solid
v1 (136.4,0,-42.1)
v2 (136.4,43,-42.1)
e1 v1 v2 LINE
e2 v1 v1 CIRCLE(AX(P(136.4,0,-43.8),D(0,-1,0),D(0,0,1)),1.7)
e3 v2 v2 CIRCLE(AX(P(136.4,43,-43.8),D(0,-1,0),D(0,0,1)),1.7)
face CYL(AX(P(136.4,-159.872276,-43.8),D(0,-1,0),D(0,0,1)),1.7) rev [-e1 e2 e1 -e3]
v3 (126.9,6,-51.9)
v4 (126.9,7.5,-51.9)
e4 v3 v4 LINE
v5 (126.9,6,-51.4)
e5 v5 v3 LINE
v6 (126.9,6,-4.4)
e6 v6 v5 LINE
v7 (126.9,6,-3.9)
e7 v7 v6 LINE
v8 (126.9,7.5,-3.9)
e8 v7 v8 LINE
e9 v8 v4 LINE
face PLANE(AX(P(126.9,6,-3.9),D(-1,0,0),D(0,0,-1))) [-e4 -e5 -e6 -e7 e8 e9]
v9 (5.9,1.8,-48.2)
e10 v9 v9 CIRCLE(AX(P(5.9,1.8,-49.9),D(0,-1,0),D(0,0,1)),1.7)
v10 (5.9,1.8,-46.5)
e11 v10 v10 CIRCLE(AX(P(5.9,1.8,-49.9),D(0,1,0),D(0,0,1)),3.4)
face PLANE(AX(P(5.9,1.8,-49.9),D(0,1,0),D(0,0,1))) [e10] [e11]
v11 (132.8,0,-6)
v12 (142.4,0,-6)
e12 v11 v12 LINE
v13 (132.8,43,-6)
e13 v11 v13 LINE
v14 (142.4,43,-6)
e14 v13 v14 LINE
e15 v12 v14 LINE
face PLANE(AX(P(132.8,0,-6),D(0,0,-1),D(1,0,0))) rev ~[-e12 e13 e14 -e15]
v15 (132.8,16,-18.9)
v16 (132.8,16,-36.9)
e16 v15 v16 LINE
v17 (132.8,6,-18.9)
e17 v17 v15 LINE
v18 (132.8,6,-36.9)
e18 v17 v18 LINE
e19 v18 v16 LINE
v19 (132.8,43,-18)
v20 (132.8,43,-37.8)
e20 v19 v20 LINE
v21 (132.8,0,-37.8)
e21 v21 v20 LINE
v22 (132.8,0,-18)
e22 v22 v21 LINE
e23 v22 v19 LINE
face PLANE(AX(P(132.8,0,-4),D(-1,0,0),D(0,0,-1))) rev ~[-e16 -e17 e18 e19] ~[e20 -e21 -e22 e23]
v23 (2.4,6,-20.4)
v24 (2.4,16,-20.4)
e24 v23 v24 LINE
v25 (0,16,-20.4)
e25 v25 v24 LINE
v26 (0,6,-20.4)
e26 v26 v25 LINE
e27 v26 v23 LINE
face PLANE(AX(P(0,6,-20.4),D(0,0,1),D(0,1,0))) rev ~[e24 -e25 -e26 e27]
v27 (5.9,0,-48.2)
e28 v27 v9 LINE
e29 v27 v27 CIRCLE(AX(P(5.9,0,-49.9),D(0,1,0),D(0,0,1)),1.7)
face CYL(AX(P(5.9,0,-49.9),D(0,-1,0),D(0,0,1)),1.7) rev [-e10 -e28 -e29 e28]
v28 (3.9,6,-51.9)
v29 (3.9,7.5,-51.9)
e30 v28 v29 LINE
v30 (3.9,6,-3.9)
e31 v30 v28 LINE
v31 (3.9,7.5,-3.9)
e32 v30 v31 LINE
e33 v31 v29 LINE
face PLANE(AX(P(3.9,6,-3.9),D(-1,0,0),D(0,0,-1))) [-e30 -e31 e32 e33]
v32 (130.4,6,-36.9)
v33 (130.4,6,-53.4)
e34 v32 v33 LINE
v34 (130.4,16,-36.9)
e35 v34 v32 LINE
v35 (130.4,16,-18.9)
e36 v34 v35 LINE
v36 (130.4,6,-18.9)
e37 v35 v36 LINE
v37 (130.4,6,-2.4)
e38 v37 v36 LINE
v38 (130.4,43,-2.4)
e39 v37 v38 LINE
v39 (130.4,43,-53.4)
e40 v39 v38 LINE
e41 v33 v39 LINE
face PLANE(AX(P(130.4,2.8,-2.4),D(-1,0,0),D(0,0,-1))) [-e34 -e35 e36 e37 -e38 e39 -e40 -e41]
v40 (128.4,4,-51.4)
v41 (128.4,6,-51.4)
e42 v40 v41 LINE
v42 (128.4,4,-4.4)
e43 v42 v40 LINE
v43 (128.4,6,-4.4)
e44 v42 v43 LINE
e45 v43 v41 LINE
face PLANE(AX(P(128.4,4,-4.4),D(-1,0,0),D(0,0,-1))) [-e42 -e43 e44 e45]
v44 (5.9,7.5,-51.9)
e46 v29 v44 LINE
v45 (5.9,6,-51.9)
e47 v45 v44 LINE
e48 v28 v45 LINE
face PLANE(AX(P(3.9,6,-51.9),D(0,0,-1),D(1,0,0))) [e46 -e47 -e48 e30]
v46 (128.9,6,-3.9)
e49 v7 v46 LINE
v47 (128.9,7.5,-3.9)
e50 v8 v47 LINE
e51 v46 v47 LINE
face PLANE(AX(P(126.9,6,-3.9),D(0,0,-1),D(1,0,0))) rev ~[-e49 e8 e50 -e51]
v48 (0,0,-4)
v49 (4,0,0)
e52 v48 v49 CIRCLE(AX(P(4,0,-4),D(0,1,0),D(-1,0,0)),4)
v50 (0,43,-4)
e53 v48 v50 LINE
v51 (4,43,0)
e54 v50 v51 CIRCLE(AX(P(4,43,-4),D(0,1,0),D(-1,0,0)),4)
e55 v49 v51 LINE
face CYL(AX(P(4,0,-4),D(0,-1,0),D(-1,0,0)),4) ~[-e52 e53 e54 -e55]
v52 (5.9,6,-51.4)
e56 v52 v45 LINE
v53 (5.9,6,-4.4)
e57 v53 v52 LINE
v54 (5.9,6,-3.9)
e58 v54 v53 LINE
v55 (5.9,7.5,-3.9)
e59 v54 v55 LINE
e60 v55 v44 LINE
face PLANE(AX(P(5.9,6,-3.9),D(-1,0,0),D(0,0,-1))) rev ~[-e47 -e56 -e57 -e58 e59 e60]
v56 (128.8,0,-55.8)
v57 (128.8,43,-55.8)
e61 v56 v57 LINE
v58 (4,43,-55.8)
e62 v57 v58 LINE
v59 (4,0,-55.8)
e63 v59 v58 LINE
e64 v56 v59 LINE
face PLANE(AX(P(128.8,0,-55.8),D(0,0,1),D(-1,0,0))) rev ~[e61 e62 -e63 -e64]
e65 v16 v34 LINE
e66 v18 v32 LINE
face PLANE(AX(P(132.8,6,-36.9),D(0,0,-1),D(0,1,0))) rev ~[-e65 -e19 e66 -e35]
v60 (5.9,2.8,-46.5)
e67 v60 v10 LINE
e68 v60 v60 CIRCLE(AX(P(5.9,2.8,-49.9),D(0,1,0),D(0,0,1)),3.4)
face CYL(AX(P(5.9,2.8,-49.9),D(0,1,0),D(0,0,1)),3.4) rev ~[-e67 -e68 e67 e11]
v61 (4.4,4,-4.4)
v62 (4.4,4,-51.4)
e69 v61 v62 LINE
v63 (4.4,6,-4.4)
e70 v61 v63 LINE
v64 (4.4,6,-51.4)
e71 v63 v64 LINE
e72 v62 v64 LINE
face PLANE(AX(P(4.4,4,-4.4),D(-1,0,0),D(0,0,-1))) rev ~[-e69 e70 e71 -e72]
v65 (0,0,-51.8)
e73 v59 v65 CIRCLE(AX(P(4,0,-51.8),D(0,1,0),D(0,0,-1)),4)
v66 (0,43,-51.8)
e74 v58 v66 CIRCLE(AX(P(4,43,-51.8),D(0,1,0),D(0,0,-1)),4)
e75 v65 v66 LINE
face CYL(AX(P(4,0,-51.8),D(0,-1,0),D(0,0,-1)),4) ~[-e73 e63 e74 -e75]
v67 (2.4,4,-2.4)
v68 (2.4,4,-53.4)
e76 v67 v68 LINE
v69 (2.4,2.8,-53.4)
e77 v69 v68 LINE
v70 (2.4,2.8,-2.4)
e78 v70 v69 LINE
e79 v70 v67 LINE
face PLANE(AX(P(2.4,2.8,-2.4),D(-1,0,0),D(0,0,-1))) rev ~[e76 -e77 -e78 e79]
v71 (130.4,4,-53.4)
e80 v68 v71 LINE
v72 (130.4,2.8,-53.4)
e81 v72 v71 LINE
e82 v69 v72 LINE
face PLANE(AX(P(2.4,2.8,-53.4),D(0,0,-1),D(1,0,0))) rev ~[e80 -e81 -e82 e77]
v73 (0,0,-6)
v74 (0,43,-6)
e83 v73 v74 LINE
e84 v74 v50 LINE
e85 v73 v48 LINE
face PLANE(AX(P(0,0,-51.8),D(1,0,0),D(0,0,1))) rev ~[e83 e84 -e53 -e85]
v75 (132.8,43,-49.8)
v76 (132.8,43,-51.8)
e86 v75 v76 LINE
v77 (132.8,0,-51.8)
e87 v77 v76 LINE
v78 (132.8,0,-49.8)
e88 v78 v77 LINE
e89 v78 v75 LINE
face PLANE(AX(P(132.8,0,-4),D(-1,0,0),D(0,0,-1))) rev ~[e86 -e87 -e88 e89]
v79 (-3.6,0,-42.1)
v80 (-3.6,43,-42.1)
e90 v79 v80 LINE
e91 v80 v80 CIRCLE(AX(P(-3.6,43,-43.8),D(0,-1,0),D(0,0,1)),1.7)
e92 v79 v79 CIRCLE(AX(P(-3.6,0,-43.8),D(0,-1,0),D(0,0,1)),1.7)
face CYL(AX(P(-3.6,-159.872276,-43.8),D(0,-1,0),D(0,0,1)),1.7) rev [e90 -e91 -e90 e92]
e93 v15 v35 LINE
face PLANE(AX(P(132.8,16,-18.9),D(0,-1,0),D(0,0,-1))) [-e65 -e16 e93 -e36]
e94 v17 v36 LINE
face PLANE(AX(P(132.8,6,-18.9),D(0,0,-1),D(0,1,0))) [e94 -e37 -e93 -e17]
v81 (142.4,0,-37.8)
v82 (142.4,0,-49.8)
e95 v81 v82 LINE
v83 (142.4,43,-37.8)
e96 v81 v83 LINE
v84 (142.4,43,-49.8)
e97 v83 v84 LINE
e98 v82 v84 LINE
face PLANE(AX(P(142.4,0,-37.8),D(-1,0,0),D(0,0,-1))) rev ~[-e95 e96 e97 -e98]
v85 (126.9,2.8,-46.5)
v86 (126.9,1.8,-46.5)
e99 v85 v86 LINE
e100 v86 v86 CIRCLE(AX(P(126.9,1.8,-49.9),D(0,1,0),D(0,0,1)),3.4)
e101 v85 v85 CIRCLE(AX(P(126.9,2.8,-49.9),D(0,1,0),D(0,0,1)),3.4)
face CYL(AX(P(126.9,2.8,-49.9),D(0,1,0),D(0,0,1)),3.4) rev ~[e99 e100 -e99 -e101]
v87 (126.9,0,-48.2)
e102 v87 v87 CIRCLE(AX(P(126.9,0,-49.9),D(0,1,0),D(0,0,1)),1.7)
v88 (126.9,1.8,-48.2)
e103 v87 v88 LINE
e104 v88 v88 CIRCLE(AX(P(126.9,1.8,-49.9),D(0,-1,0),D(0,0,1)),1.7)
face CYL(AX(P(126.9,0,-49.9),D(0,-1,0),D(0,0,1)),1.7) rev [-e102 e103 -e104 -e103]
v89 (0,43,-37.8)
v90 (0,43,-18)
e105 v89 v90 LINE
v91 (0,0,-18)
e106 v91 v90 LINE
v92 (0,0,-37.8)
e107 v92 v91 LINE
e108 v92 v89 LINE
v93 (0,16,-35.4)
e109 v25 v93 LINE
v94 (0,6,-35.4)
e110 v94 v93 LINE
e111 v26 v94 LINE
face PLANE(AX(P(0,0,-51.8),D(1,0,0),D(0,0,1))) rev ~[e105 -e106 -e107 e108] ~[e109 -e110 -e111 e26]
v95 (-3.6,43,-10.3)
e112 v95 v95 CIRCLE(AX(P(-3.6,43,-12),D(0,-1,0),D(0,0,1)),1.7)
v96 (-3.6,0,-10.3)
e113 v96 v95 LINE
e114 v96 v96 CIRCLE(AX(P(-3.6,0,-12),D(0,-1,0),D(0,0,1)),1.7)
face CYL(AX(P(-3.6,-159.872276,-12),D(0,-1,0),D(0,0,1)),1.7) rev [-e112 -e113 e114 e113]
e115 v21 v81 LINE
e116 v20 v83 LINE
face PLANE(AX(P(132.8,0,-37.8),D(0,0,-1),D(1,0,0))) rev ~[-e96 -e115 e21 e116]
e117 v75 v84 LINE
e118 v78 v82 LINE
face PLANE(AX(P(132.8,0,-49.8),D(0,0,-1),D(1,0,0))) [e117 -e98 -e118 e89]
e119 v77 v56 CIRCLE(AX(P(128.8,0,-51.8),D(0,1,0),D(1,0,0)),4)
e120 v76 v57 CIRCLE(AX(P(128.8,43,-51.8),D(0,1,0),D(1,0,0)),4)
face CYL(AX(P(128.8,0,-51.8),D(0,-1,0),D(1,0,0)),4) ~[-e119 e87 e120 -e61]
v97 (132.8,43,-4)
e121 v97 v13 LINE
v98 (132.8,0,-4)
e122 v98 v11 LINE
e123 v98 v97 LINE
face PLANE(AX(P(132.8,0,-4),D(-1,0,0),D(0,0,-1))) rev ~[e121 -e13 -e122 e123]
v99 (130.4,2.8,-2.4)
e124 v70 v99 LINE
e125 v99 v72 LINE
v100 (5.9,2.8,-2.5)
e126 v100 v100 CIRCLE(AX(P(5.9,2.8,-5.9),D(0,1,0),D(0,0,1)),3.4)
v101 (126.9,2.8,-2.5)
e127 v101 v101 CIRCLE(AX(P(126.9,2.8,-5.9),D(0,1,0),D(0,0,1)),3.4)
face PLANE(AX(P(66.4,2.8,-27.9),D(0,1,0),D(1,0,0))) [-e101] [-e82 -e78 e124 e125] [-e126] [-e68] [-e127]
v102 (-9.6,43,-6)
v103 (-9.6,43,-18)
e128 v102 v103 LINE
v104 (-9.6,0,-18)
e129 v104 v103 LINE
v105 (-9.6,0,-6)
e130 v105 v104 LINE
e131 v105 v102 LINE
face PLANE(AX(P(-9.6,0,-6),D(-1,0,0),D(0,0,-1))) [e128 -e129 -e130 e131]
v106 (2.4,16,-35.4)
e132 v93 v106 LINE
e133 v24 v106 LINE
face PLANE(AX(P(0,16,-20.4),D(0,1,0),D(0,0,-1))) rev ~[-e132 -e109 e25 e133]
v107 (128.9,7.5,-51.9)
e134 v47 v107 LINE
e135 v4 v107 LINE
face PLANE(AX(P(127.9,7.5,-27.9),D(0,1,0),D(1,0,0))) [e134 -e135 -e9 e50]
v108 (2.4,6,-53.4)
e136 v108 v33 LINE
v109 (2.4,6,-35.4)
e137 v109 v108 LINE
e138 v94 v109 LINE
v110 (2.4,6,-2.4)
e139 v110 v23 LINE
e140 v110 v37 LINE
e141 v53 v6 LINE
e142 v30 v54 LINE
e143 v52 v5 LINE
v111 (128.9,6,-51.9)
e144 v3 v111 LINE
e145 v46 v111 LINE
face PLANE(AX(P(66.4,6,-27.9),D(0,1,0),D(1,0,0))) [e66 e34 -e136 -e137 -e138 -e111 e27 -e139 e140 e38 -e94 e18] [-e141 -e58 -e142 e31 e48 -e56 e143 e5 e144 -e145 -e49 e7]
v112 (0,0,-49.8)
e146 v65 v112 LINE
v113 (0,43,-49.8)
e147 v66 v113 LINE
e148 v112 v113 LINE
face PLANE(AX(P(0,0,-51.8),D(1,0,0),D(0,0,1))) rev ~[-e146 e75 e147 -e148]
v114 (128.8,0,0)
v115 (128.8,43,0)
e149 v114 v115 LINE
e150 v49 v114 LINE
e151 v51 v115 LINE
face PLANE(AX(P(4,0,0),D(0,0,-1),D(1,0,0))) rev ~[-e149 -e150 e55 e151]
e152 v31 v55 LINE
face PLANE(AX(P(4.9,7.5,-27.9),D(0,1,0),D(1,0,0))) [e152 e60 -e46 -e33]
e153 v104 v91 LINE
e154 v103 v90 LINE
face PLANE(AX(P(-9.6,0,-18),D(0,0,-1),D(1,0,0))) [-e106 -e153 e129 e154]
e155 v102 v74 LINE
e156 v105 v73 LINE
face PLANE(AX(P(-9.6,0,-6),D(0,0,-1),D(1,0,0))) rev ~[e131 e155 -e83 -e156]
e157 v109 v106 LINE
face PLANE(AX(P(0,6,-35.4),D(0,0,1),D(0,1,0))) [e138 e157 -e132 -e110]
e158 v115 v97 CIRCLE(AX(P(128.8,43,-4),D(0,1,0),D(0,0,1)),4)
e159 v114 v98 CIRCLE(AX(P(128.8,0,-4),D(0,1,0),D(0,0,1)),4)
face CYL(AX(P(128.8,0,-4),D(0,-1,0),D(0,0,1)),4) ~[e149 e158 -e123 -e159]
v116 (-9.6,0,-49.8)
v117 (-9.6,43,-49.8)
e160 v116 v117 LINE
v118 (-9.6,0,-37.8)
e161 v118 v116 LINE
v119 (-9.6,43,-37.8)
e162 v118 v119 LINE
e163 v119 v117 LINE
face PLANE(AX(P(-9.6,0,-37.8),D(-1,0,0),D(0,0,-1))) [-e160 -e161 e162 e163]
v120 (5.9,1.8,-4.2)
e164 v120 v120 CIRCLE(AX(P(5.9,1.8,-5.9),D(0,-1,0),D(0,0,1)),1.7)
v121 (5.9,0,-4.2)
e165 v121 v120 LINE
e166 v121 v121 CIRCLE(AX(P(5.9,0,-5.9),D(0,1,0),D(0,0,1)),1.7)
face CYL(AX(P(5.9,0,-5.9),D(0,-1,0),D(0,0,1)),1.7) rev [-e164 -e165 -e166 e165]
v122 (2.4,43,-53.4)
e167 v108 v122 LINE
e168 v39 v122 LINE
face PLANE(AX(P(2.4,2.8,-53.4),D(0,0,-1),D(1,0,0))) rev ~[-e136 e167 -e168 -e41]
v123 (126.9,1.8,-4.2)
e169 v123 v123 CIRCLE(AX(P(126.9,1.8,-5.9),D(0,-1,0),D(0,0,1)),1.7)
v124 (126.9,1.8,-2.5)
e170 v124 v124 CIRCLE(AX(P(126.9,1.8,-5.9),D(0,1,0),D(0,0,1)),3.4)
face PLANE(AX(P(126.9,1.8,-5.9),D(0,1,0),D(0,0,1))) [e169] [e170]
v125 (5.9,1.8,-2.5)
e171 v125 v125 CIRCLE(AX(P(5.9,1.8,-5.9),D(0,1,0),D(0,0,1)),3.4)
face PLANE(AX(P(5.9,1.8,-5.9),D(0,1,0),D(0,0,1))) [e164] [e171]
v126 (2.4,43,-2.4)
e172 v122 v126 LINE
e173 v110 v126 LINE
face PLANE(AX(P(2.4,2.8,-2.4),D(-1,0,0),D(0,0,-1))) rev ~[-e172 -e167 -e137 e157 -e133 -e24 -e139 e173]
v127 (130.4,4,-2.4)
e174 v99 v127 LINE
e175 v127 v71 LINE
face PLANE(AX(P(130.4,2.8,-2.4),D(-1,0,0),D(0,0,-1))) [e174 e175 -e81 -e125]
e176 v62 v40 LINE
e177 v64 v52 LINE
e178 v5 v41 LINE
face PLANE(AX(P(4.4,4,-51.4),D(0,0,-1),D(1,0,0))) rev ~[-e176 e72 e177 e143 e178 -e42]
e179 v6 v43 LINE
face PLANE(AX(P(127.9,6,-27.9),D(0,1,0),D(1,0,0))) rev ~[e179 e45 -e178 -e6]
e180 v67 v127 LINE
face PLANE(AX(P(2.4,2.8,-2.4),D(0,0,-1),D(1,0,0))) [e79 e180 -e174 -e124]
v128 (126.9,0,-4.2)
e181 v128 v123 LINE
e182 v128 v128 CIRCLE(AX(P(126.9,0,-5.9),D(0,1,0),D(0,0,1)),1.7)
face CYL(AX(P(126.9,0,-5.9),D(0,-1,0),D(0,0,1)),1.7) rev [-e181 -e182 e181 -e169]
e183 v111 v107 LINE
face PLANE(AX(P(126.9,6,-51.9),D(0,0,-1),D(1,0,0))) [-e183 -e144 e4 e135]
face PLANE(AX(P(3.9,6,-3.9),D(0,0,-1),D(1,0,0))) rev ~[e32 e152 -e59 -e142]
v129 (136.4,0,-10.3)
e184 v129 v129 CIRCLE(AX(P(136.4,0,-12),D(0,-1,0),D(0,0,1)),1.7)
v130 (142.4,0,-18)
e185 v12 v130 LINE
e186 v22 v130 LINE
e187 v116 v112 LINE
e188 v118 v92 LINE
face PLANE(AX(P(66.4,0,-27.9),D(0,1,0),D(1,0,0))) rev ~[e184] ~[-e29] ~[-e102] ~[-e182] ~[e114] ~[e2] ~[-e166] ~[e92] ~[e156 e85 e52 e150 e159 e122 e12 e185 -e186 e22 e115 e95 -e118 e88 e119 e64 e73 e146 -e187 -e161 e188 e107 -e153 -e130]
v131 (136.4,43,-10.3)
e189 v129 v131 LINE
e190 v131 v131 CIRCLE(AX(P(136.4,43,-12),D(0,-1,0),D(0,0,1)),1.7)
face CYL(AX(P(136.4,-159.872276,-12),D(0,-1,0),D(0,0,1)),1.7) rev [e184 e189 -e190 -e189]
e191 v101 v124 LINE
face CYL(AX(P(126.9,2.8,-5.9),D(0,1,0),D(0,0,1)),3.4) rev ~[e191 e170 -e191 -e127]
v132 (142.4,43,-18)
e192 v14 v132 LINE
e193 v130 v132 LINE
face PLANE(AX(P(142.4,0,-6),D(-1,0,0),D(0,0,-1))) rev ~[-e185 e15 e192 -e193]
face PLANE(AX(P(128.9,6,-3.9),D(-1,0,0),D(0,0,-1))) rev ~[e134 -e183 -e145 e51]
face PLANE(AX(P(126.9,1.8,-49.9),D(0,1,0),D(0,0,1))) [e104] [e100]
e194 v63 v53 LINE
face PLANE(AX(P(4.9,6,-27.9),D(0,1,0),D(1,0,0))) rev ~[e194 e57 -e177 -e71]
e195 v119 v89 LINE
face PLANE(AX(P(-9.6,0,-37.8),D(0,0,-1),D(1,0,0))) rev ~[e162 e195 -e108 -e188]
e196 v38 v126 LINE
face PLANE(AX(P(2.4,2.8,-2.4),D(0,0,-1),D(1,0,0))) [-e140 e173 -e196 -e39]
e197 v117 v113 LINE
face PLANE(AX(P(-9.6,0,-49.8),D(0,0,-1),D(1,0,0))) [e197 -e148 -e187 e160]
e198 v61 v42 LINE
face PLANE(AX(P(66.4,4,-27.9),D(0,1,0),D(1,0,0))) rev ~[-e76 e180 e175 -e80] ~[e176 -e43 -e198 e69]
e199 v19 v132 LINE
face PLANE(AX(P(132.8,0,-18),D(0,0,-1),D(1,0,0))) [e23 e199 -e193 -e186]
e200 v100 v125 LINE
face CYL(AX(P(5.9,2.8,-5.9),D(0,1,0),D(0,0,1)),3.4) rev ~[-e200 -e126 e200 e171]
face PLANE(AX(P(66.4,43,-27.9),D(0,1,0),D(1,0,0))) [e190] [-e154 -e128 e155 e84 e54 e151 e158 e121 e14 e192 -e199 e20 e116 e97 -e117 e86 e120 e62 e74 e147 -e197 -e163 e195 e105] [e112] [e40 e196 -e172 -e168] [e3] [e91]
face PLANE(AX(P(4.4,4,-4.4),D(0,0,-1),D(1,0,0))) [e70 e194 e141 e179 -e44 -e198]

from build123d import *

# Parameters (mm, degrees)
SHELL_DEPTH                       = 43
SK_TABS_W                         = 9.6
SK_TABS_H                         = 12
MOUNTING_TABS_DEPTH               = 43
SK_CAVITY_W                       = 128
SK_CAVITY_H                       = 51
CAVITY_DEPTH                      = 159.137408604
SK_LIP_W                          = 128
SK_LIP_H                          = 51
SK_LIP_W_2                        = 124
SK_LIP_H_2                        = 47
BOARD_LIP_DEPTH                   = 2
SK_RAILS_W                        = 2
SK_RAILS_H                        = 48
BOARD_RAILS_DEPTH                 = 1.5
SK_SLOTA_W                        = 15
SK_SLOTA_H                        = 10
CABLE_SLOT_15X10_DEPTH            = 3
SK_SLOTB_W                        = 18
SK_SLOTB_H                        = 10
CABLE_SLOT_18X10_DEPTH            = 3
TAB_M3_CLEARANCE_HOLES_DEPTH      = 159.872275744
TAB_M3_CLEARANCE_HOLES_DEPTH_BACK = 159.872275744
SK_TABHOLES_R                     = 1.7
SK_FLOORHOLES_R                   = 1.7
FLOOR_M3_CLEARANCE_HOLES_DEPTH    = 2.8
SK_CBORE_R                        = 3.4
FLOOR_COUNTERBORES_DEPTH          = 1


with BuildPart() as part:
    # Sk_Shell → Shell (new body)
    with BuildSketch(Plane(origin=(0, 0, 0), x_dir=(1, 0, 0), z_dir=(0, 1, 0))):
        with BuildLine():
            Line((4, 0), (128.8, 0))
            ThreePointArc((128.8, 0), (131.628427125, 1.171572875), (132.8, 4))
            Line((132.8, 4), (132.8, 51.8))
            ThreePointArc((132.8, 51.8), (131.628427125, 54.628427125), (128.8, 55.8))
            Line((128.8, 55.8), (4, 55.8))
            ThreePointArc((4, 55.8), (1.171572875, 54.628427125), (0, 51.8))
            Line((0, 51.8), (0, 4))
            ThreePointArc((0, 4), (1.171572875, 1.171572875), (4, 0))
        make_face()
    extrude(amount=SHELL_DEPTH)

    # Sk_Tabs → Mounting Tabs (add)
    with BuildSketch(Plane(origin=(0, 0, 0), x_dir=(1, 0, 0), z_dir=(0, 1, 0))):
        with Locations((-4.8, 12)):
            Rectangle(SK_TABS_W, SK_TABS_H)
        with Locations((137.6, 12)):
            Rectangle(SK_TABS_W, SK_TABS_H)
        with Locations((-4.8, 43.8)):
            Rectangle(SK_TABS_W, SK_TABS_H)
        with Locations((137.6, 43.8)):
            Rectangle(SK_TABS_W, SK_TABS_H)
    extrude(amount=MOUNTING_TABS_DEPTH)

    # Sk_Cavity → Cavity (cut, through all)
    with BuildSketch(Plane(origin=(0, 2.8, 0), x_dir=(1, 0, 0), z_dir=(0, 1, 0))):
        with Locations((66.4, 27.9)):
            Rectangle(SK_CAVITY_W, SK_CAVITY_H)
    extrude(amount=CAVITY_DEPTH, mode=Mode.SUBTRACT)

    # Sk_Lip → Board Lip (add)
    with BuildSketch(Plane(origin=(0, 4, 0), x_dir=(1, 0, 0), z_dir=(0, 1, 0))):
        with Locations((66.4, 27.9)):
            Rectangle(SK_LIP_W, SK_LIP_H)
        with Locations((66.4, 27.9)):
            Rectangle(SK_LIP_W_2, SK_LIP_H_2, mode=Mode.SUBTRACT)
    extrude(amount=BOARD_LIP_DEPTH)

    # Sk_Rails → Board Rails (add)
    with BuildSketch(Plane(origin=(0, 6, 0), x_dir=(1, 0, 0), z_dir=(0, 1, 0))):
        with Locations((4.9, 27.9)):
            Rectangle(SK_RAILS_W, SK_RAILS_H)
        with Locations((127.9, 27.9)):
            Rectangle(SK_RAILS_W, SK_RAILS_H)
    extrude(amount=BOARD_RAILS_DEPTH)

    # Sk_SlotA → Cable Slot 15x10 (cut)
    with BuildSketch(Plane(origin=(0, 0, 0), x_dir=(0, 0, -1), z_dir=(1, 0, 0))):
        with Locations((27.9, 11)):
            Rectangle(SK_SLOTA_W, SK_SLOTA_H)
    extrude(amount=CABLE_SLOT_15X10_DEPTH, mode=Mode.SUBTRACT)

    # Sk_SlotB → Cable Slot 18x10 (cut)
    with BuildSketch(Plane(origin=(132.8, 0, 0), x_dir=(0, 0, -1), z_dir=(1, 0, 0))):
        with Locations((27.9, 11)):
            Rectangle(SK_SLOTB_W, SK_SLOTB_H)
    extrude(amount=-CABLE_SLOT_18X10_DEPTH, mode=Mode.SUBTRACT)

    # Sk_TabHoles → Tab M3 Clearance Holes (cut, two sides: drawn at the far end of the back side and taken through both)
    with BuildSketch(Plane(origin=(0, 0, 0), x_dir=(1, 0, 0), z_dir=(0, 1, 0)).offset(-TAB_M3_CLEARANCE_HOLES_DEPTH_BACK)):
        with Locations(Location((-3.6, 12, 0), (0, 0, 270))):
            Circle(SK_TABHOLES_R)
        with Locations(Location((-3.6, 43.8, 0), (0, 0, 270))):
            Circle(SK_TABHOLES_R)
        with Locations(Location((136.4, 12, 0), (0, 0, 270))):
            Circle(SK_TABHOLES_R)
        with Locations(Location((136.4, 43.8, 0), (0, 0, 270))):
            Circle(SK_TABHOLES_R)
    extrude(amount=TAB_M3_CLEARANCE_HOLES_DEPTH + TAB_M3_CLEARANCE_HOLES_DEPTH_BACK, mode=Mode.SUBTRACT)

    # Sk_FloorHoles → Floor M3 Clearance Holes (cut)
    with BuildSketch(Plane(origin=(0, 0, 0), x_dir=(1, 0, 0), z_dir=(0, 1, 0))):
        with Locations(Location((5.9, 5.9, 0), (0, 0, 270))):
            Circle(SK_FLOORHOLES_R)
        with Locations(Location((126.9, 5.9, 0), (0, 0, 270))):
            Circle(SK_FLOORHOLES_R)
        with Locations(Location((5.9, 49.9, 0), (0, 0, 270))):
            Circle(SK_FLOORHOLES_R)
        with Locations(Location((126.9, 49.9, 0), (0, 0, 270))):
            Circle(SK_FLOORHOLES_R)
    extrude(amount=FLOOR_M3_CLEARANCE_HOLES_DEPTH, mode=Mode.SUBTRACT)

    # Sk_CBore → Floor Counterbores (cut)
    with BuildSketch(Plane(origin=(0, 2.8, 0), x_dir=(1, 0, 0), z_dir=(0, 1, 0))):
        with Locations(Location((5.9, 5.9, 0), (0, 0, 270))):
            Circle(SK_CBORE_R)
        with Locations(Location((126.9, 5.9, 0), (0, 0, 270))):
            Circle(SK_CBORE_R)
        with Locations(Location((5.9, 49.9, 0), (0, 0, 270))):
            Circle(SK_CBORE_R)
        with Locations(Location((126.9, 49.9, 0), (0, 0, 270))):
            Circle(SK_CBORE_R)
    extrude(amount=-FLOOR_COUNTERBORES_DEPTH, mode=Mode.SUBTRACT)


solid = part.part
